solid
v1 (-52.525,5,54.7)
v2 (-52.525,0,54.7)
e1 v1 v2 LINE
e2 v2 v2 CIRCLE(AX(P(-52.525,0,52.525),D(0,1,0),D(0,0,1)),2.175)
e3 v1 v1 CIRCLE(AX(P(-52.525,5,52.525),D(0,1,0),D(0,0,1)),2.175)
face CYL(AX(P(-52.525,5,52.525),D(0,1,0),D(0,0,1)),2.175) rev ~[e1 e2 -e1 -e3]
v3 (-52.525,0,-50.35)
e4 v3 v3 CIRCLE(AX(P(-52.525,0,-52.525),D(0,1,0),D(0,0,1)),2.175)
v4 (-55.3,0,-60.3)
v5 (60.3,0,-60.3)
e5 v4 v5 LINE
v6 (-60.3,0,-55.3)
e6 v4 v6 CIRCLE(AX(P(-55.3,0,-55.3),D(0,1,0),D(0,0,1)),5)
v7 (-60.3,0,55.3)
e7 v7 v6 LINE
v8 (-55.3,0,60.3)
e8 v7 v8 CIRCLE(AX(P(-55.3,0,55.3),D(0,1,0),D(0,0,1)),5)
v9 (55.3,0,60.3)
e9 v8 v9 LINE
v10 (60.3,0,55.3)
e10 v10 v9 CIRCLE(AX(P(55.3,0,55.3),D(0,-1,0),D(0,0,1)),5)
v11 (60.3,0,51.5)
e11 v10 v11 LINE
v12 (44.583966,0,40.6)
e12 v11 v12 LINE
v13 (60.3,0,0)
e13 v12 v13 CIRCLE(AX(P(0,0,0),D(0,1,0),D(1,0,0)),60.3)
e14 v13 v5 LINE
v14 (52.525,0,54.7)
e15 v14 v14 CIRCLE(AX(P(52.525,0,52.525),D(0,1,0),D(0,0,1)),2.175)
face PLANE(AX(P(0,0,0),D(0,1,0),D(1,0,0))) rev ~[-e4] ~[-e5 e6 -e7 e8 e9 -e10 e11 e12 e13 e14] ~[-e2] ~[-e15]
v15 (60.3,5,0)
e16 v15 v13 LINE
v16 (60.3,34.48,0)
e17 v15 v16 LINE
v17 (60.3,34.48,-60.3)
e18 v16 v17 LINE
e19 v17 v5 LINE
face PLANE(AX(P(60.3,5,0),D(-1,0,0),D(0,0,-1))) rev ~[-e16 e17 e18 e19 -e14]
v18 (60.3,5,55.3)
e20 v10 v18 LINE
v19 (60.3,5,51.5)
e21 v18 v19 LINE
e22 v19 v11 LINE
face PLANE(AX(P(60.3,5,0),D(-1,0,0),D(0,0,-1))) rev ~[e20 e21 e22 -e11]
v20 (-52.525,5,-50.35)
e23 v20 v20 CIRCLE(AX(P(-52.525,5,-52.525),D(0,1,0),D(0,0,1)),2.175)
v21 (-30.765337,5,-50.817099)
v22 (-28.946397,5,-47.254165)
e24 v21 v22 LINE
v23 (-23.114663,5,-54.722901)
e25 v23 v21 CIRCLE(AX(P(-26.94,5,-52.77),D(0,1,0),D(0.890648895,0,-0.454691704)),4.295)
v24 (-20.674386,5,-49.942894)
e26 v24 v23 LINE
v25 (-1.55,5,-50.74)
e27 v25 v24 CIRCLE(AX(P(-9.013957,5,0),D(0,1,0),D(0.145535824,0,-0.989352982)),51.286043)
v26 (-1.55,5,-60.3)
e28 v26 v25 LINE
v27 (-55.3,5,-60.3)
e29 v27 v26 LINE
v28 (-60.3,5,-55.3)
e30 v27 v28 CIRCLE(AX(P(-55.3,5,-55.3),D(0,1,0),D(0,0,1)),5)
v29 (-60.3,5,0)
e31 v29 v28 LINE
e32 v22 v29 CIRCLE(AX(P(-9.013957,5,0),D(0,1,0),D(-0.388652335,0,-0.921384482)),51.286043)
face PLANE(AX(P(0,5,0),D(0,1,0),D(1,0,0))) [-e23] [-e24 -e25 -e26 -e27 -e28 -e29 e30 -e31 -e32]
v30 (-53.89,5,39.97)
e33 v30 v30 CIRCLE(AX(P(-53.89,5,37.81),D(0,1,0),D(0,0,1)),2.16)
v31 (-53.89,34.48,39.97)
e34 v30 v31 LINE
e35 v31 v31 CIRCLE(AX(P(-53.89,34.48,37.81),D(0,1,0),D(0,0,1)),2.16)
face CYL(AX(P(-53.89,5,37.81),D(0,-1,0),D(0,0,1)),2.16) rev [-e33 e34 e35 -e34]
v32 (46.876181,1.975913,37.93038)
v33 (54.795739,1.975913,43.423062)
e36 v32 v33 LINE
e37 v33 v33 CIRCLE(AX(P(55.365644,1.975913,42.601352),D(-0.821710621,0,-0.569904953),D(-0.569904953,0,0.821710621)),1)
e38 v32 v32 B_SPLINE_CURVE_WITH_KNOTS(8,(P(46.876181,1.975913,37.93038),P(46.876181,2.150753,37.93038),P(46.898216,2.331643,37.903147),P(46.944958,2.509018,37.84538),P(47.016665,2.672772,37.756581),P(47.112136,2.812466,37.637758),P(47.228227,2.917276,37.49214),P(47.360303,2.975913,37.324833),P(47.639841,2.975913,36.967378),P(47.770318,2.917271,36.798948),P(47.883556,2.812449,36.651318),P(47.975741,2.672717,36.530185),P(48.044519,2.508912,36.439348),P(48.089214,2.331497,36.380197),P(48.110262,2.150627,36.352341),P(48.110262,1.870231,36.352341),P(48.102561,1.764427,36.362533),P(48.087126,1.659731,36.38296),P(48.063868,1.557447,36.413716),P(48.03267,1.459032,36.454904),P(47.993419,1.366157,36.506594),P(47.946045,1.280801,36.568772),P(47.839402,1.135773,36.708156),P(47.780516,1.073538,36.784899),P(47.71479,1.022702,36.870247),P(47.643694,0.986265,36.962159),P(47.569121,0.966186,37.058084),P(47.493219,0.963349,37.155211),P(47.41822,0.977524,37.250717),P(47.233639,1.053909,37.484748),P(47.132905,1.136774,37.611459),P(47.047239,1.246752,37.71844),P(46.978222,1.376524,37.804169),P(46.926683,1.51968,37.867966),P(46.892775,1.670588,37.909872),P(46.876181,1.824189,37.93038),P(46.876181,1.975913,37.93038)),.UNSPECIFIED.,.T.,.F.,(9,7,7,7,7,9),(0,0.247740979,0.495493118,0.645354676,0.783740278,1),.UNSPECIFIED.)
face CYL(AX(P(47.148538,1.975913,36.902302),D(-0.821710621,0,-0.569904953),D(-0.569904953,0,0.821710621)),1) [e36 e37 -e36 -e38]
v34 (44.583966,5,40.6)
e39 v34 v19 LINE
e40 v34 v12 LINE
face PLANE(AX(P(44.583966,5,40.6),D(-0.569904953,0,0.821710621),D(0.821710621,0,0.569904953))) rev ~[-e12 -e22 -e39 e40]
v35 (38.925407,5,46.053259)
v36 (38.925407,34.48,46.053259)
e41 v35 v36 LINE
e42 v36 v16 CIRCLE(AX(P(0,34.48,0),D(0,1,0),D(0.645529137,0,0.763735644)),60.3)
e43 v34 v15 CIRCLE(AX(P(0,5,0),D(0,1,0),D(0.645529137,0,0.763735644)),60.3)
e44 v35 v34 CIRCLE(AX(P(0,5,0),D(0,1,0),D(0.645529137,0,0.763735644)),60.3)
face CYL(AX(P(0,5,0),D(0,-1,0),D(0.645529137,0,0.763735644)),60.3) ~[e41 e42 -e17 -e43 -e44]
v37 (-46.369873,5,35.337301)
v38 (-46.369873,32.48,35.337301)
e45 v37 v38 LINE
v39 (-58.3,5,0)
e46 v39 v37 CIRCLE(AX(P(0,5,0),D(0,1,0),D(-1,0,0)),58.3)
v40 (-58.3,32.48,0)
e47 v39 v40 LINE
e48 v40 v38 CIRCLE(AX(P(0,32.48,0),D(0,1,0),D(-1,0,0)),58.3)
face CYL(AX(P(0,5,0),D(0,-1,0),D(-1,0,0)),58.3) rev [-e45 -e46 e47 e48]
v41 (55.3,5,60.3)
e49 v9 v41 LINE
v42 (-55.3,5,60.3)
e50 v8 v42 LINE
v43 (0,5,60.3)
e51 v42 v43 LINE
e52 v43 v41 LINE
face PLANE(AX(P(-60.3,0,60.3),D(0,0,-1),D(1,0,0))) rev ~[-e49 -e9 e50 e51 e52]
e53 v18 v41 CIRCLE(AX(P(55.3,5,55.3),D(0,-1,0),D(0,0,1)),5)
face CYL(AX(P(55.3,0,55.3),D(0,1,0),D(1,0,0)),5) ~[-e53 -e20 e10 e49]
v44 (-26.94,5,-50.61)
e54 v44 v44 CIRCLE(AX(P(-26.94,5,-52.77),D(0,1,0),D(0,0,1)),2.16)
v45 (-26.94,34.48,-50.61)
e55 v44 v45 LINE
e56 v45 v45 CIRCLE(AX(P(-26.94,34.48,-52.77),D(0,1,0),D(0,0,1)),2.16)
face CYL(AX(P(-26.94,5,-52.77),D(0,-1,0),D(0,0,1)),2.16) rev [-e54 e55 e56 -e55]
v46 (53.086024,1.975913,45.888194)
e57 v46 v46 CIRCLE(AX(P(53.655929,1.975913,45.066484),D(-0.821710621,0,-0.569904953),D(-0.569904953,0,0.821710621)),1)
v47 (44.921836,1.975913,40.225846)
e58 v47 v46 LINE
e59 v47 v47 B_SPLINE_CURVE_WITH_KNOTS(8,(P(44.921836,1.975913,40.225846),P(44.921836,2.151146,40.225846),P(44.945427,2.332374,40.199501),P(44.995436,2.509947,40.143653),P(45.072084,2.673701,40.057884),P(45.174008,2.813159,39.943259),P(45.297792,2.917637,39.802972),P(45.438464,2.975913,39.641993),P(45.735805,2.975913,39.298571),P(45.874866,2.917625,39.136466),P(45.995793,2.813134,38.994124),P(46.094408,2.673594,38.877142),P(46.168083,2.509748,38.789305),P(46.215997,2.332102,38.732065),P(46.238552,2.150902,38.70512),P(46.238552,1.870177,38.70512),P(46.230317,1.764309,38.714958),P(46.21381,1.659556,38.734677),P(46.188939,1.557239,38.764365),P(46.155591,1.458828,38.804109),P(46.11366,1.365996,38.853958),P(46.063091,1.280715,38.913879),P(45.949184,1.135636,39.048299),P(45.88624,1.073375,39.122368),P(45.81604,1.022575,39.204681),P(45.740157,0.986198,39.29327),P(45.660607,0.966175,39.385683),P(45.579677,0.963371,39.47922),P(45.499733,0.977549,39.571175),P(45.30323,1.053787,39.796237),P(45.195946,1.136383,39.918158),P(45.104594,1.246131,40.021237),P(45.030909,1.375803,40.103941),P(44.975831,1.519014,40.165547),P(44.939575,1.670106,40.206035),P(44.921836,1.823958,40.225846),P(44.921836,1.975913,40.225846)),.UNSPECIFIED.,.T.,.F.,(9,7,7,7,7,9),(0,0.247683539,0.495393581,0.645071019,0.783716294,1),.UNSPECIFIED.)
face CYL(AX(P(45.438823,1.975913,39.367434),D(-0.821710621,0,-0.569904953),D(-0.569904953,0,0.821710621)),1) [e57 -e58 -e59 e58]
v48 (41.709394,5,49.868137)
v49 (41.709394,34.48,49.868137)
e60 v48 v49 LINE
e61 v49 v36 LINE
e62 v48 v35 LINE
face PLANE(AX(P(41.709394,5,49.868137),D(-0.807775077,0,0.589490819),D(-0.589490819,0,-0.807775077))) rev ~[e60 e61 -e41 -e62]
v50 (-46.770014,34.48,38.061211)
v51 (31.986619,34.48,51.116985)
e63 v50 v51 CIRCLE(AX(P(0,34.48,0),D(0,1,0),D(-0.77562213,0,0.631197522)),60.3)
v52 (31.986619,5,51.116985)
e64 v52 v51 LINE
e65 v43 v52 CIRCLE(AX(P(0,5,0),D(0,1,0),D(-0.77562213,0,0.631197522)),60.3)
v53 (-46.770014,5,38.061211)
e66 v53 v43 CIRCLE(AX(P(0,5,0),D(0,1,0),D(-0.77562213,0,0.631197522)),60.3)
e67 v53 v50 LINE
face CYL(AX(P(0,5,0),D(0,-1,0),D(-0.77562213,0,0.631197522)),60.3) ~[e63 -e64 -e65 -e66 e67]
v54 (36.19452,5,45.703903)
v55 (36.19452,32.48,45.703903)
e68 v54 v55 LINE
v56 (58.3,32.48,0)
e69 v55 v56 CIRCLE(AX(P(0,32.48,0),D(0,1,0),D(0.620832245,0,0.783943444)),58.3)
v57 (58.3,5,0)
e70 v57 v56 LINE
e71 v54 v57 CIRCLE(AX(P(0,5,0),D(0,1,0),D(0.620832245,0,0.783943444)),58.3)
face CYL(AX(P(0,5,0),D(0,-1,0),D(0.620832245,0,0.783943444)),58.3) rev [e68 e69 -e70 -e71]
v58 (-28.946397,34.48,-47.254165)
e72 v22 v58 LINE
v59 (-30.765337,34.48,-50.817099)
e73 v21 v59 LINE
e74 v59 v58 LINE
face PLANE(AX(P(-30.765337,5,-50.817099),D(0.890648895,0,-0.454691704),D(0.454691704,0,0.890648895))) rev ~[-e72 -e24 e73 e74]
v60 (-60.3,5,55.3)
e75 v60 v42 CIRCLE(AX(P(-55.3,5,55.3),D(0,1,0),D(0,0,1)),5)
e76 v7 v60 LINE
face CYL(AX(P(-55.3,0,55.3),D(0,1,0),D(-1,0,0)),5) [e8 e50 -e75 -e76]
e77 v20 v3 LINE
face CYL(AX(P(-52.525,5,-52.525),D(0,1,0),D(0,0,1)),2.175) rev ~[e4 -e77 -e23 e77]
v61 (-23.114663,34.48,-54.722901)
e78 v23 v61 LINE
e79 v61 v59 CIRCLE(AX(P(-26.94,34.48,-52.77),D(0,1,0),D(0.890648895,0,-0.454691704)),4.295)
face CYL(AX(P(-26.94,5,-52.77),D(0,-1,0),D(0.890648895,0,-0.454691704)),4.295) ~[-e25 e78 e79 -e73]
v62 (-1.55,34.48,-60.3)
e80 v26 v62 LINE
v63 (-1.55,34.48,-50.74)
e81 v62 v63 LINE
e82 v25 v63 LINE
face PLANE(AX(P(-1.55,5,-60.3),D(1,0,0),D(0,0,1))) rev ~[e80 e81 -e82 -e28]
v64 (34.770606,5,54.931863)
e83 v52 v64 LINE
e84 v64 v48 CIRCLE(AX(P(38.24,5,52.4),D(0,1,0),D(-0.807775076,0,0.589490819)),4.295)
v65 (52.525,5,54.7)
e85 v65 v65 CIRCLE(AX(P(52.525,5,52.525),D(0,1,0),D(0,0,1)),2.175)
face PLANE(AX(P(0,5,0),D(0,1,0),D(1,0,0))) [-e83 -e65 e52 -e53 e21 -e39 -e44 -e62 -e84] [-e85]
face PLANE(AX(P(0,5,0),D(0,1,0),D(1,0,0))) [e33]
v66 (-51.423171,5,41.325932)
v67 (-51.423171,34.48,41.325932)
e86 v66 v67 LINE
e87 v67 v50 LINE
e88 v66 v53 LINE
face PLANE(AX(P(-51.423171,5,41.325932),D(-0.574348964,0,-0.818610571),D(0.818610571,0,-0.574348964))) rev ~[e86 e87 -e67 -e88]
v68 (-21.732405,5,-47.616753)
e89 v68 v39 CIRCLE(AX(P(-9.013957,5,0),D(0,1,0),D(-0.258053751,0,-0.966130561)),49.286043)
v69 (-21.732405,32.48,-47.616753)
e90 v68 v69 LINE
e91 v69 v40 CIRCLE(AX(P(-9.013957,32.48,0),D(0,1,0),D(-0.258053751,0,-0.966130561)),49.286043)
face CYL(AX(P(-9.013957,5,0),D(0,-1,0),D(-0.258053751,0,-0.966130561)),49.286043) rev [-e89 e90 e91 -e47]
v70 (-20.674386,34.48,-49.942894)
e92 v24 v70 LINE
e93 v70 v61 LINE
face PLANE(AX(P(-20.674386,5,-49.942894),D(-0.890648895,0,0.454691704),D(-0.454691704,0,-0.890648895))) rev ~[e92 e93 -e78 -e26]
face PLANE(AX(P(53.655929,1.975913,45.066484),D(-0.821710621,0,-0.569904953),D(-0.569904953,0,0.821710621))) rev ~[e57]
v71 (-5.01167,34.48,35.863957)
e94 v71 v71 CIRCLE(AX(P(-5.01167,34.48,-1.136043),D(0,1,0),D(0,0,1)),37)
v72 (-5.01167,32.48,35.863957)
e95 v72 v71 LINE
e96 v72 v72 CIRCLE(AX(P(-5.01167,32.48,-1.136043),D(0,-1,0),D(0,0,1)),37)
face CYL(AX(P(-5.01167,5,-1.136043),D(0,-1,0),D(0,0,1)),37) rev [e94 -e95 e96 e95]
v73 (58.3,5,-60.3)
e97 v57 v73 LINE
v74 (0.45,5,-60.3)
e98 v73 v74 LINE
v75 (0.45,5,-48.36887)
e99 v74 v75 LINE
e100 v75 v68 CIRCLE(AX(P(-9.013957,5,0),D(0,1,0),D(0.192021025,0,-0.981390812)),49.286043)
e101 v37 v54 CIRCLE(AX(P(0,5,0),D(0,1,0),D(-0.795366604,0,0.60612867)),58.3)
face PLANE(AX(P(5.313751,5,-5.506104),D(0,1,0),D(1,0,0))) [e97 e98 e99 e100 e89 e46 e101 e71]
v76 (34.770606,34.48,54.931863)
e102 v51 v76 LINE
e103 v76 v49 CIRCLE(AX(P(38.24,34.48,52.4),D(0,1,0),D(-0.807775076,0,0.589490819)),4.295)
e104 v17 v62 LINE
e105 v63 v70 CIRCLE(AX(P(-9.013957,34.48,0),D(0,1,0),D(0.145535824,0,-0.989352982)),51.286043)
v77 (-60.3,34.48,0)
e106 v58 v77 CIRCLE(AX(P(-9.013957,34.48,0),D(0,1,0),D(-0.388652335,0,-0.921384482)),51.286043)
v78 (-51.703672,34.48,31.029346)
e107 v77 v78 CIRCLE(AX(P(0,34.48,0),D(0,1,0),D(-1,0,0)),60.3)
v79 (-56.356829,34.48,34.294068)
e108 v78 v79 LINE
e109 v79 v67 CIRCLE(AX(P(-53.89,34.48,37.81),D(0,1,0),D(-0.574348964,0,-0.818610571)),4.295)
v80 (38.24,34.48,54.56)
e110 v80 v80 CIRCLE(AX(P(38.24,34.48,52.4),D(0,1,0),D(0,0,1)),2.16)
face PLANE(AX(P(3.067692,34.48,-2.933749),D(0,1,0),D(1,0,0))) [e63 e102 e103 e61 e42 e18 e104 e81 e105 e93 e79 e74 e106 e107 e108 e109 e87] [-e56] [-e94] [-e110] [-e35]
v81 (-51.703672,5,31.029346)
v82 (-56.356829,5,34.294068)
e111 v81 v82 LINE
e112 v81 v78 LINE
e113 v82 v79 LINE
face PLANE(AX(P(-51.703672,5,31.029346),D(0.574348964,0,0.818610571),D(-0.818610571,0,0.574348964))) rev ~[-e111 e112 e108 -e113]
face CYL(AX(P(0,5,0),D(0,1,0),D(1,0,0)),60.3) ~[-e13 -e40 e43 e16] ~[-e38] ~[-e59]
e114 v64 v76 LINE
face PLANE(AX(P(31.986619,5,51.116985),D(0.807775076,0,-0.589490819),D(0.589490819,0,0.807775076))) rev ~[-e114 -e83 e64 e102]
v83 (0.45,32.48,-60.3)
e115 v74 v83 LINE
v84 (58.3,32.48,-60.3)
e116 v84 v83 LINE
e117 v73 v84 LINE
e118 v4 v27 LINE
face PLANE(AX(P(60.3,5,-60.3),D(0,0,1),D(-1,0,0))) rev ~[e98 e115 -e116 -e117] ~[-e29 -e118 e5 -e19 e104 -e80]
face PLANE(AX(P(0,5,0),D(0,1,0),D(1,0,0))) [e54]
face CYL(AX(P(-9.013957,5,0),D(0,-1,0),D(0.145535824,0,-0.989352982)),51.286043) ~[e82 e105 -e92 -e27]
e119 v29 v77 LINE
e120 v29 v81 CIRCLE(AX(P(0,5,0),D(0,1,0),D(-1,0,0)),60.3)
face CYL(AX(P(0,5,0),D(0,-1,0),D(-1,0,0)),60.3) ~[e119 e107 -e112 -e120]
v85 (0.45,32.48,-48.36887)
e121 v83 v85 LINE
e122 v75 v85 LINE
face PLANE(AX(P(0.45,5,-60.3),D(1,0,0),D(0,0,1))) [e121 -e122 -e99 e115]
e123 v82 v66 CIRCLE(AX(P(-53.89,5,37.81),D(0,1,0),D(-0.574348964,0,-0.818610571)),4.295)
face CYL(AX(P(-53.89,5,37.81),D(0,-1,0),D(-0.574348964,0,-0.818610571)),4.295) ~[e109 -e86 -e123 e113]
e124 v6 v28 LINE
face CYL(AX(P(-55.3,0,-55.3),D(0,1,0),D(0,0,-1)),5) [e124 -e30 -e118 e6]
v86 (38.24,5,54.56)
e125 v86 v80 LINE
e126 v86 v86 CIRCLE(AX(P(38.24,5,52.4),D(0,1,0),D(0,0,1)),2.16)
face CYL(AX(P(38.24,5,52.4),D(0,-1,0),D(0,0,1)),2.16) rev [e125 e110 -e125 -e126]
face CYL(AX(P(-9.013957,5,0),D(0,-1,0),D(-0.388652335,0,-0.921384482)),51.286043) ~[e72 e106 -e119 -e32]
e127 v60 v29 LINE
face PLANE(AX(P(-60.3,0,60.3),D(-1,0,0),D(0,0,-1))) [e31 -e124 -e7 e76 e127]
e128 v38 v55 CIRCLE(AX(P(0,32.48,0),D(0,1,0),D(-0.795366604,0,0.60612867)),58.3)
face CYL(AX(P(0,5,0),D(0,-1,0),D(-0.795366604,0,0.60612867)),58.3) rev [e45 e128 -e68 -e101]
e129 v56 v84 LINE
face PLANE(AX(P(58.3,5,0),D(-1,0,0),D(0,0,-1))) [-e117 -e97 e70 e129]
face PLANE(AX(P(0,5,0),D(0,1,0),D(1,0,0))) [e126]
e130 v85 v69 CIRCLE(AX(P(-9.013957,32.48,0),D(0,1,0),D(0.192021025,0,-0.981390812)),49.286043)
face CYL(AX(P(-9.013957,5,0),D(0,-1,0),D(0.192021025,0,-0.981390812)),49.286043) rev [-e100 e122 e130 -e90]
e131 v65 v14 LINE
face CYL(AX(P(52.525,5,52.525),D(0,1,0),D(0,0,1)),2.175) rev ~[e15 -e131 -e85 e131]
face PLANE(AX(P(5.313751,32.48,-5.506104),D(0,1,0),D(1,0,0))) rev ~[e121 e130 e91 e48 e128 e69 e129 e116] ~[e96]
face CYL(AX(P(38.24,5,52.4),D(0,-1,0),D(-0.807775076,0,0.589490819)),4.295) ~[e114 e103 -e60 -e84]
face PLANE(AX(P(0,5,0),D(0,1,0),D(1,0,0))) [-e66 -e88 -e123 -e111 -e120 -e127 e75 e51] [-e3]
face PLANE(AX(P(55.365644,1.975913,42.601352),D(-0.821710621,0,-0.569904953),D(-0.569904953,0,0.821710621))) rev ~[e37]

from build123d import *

# Parameters (mm, degrees)
ESBO_O1_W                = 120.6
ESBO_O1_H                = 120.6
RESSALTO_EXTRUS_O1_DEPTH = 5
ESBO_O2_R                = 2.16
ESBO_O2_R_2              = 37
RESSALTO_EXTRUS_O2_DEPTH = 29.48
CORTE_EXTRUS_O1_DEPTH    = 27.48
CORTE_EXTRUS_O2_REACH    = 92.229
ESBO_O4_R                = 2.175
CORTE_EXTRUS_O3_REACH    = 92.229
FILETE1_R                = 5
ESBO_O6_R                = 1
RESSALTO_EXTRUS_O3_DEPTH = 10


with BuildPart() as part:
    # Esboço1 → Ressalto-extrusão1 (new body)
    with BuildSketch(Plane(origin=(0, 0, 0), x_dir=(1, 0, 0), z_dir=(0, 1, 0))):
        Rectangle(ESBO_O1_W, ESBO_O1_H)
    extrude(amount=RESSALTO_EXTRUS_O1_DEPTH)

    # Esboço2 → Ressalto-extrusão2 (add)
    with BuildSketch(Plane(origin=(0, 5, 0), x_dir=(1, 0, 0), z_dir=(0, 1, 0))):
        with BuildLine():
            Line((-1.55, 60.3), (-1.55, 50.74))
            ThreePointArc((-1.55, 50.74), (-11.149709748, 51.241553514), (-20.674386419, 49.942893633))
            Line((-20.674386419, 49.942893633), (-23.114662996, 54.72290087))
            ThreePointArc((-23.114662996, 54.72290087), (-28.89290087, 56.595337004), (-30.765337004, 50.81709913))
            Line((-30.765337004, 50.81709913), (-28.946397101, 47.25416451))
            ThreePointArc((-28.946397101, 47.25416451), (-51.748686365, 28.3549135), (-60.3, 0))
            ThreePointArc((-60.3, 0), (-58.11119265, -16.099046207), (-51.703672015, -31.029345791))
            Line((-51.703672015, -31.029345791), (-56.356828802, -34.294067597))
            ThreePointArc((-56.356828802, -34.294067597), (-57.405932403, -40.276828802), (-51.423171198, -41.325932403))
            Line((-51.423171198, -41.325932403), (-46.77001441, -38.061210596))
            ThreePointArc((-46.77001441, -38.061210596), (-9.861567273, -59.488145802), (31.986619032, -51.116985464))
            Line((31.986619032, -51.116985464), (34.770606047, -54.931863068))
            ThreePointArc((34.770606047, -54.931863068), (40.771863068, -55.869393953), (41.709393953, -49.868136932))
            Line((41.709393953, -49.868136932), (38.925406938, -46.053259327))
            ThreePointArc((38.925406938, -46.053259327), (54.695941524, -25.385901221), (60.3, 0))
            Line((60.3, 0), (60.3, 60.3))
            Line((60.3, 60.3), (-1.55, 60.3))
        make_face()
        with Locations(Location((-53.89, -37.81, 0), (0, 0, 270))):
            Circle(ESBO_O2_R, mode=Mode.SUBTRACT)
        with Locations(Location((38.24, -52.4, 0), (0, 0, 270))):
            Circle(ESBO_O2_R, mode=Mode.SUBTRACT)
        with Locations(Location((-5.011670261, 1.136043404, 0), (0, 0, 270))):
            Circle(ESBO_O2_R_2, mode=Mode.SUBTRACT)
        with Locations(Location((-26.94, 52.77, 0), (0, 0, 270))):
            Circle(ESBO_O2_R, mode=Mode.SUBTRACT)
    extrude(amount=RESSALTO_EXTRUS_O2_DEPTH)

    # Esboço3 → Corte-extrusão1 (cut)
    with BuildSketch(Plane(origin=(0, 5, 0), x_dir=(1, 0, 0), z_dir=(0, 1, 0))):
        with BuildLine():
            Line((58.3, 60.3), (0.45, 60.3))
            Line((0.45, 60.3), (0.45, 48.368870154))
            ThreePointArc((0.45, 48.368870154), (-10.684091117, 49.257737718), (-21.732404969, 47.616752781))
            ThreePointArc((-21.732404969, 47.616752781), (-48.103316228, 30.018927995), (-58.3, 0))
            ThreePointArc((-58.3, 0), (-55.237005698, -18.64841016), (-46.369873019, -35.337301485))
            ThreePointArc((-46.369873019, -35.337301485), (-7.26299238, -57.845820434), (36.194519906, -45.703902774))
            ThreePointArc((36.194519906, -45.703902774), (52.483476021, -25.384537513), (58.3, 0))
            Line((58.3, 0), (58.3, 60.3))
        make_face()
    extrude(amount=CORTE_EXTRUS_O1_DEPTH, mode=Mode.SUBTRACT)

    # Esboço4 → Corte-extrusão2 (cut, up to next)
    with BuildSketch(Plane(origin=(0, 5, 0), x_dir=(1, 0, 0), z_dir=(0, 1, 0)), mode=Mode.PRIVATE) as corte_extrus_o2_sk1:
        with Locations(Location((-52.525, 52.525, 0), (0, 0, 270))):
            Circle(ESBO_O4_R)
    corte_extrus_o2_tool1 = extrude(corte_extrus_o2_sk1.sketch, amount=-CORTE_EXTRUS_O2_REACH, mode=Mode.PRIVATE) & part.part
    # Esboço4 → Corte-extrusão2 (cut, up to next)
    with BuildSketch(Plane(origin=(0, 5, 0), x_dir=(1, 0, 0), z_dir=(0, 1, 0)), mode=Mode.PRIVATE) as corte_extrus_o2_sk2:
        with Locations(Location((-52.525, -52.525, 0), (0, 0, 270))):
            Circle(ESBO_O4_R)
    corte_extrus_o2_tool2 = extrude(corte_extrus_o2_sk2.sketch, amount=-CORTE_EXTRUS_O2_REACH, mode=Mode.PRIVATE) & part.part
    # Esboço4 → Corte-extrusão2 (cut, up to next)
    with BuildSketch(Plane(origin=(0, 5, 0), x_dir=(1, 0, 0), z_dir=(0, 1, 0)), mode=Mode.PRIVATE) as corte_extrus_o2_sk3:
        with Locations(Location((52.525, -52.525, 0), (0, 0, 270))):
            Circle(ESBO_O4_R)
    corte_extrus_o2_tool3 = extrude(corte_extrus_o2_sk3.sketch, amount=-CORTE_EXTRUS_O2_REACH, mode=Mode.PRIVATE) & part.part
    add(corte_extrus_o2_tool1.solids().sort_by_distance((-52.525, 5, -52.525))[0], mode=Mode.SUBTRACT)
    add(corte_extrus_o2_tool2.solids().sort_by_distance((-52.525, 5, 52.525))[0], mode=Mode.SUBTRACT)
    add(corte_extrus_o2_tool3.solids().sort_by_distance((52.525, 5, 52.525))[0], mode=Mode.SUBTRACT)

    # Esboço5 → Corte-extrusão3 (cut, up to next)
    with BuildSketch(Plane(origin=(0, 5, 0), x_dir=(1, 0, 0), z_dir=(0, 1, 0)), mode=Mode.PRIVATE) as corte_extrus_o3_sk1:
        with BuildLine():
            Line((44.583965728, -40.6), (60.3, -51.5))
            Line((60.3, -51.5), (60.3, 0))
            ThreePointArc((60.3, 0), (56.233900511, -21.767830239), (44.583965728, -40.6))
        make_face()
    corte_extrus_o3_tool1 = extrude(corte_extrus_o3_sk1.sketch, amount=-CORTE_EXTRUS_O3_REACH, mode=Mode.PRIVATE) & part.part
    add(corte_extrus_o3_tool1.solids().sort_by_distance((55.517815, 5, 34.778599))[0], mode=Mode.SUBTRACT)

    # Filete1
    filete1_edges = [part.edges().sort_by_distance(p)[0] for p in [
        (-60.3, 2.5, -60.3),
        (60.3, 2.5, 60.3),
        (-60.3, 2.5, 60.3),
    ]]
    fillet(filete1_edges, radius=FILETE1_R)

    # Esboço6 → Ressalto-extrusão3 (add)
    with BuildSketch(Plane(origin=(49.116321983, 0, 34.065076491), x_dir=(0, 1, 0), z_dir=(-0.8217106210842787, 1.9312545644066756e-15, -0.5699049527748369))):
        with Locations(Location((1.975912972, -6.452828334, 0), (0, 0, 270))):
            Circle(ESBO_O6_R)
        with Locations(Location((1.975912972, -3.452828334, 0), (0, 0, 270))):
            Circle(ESBO_O6_R)
    extrude(amount=-RESSALTO_EXTRUS_O3_DEPTH)


solid = part.part
